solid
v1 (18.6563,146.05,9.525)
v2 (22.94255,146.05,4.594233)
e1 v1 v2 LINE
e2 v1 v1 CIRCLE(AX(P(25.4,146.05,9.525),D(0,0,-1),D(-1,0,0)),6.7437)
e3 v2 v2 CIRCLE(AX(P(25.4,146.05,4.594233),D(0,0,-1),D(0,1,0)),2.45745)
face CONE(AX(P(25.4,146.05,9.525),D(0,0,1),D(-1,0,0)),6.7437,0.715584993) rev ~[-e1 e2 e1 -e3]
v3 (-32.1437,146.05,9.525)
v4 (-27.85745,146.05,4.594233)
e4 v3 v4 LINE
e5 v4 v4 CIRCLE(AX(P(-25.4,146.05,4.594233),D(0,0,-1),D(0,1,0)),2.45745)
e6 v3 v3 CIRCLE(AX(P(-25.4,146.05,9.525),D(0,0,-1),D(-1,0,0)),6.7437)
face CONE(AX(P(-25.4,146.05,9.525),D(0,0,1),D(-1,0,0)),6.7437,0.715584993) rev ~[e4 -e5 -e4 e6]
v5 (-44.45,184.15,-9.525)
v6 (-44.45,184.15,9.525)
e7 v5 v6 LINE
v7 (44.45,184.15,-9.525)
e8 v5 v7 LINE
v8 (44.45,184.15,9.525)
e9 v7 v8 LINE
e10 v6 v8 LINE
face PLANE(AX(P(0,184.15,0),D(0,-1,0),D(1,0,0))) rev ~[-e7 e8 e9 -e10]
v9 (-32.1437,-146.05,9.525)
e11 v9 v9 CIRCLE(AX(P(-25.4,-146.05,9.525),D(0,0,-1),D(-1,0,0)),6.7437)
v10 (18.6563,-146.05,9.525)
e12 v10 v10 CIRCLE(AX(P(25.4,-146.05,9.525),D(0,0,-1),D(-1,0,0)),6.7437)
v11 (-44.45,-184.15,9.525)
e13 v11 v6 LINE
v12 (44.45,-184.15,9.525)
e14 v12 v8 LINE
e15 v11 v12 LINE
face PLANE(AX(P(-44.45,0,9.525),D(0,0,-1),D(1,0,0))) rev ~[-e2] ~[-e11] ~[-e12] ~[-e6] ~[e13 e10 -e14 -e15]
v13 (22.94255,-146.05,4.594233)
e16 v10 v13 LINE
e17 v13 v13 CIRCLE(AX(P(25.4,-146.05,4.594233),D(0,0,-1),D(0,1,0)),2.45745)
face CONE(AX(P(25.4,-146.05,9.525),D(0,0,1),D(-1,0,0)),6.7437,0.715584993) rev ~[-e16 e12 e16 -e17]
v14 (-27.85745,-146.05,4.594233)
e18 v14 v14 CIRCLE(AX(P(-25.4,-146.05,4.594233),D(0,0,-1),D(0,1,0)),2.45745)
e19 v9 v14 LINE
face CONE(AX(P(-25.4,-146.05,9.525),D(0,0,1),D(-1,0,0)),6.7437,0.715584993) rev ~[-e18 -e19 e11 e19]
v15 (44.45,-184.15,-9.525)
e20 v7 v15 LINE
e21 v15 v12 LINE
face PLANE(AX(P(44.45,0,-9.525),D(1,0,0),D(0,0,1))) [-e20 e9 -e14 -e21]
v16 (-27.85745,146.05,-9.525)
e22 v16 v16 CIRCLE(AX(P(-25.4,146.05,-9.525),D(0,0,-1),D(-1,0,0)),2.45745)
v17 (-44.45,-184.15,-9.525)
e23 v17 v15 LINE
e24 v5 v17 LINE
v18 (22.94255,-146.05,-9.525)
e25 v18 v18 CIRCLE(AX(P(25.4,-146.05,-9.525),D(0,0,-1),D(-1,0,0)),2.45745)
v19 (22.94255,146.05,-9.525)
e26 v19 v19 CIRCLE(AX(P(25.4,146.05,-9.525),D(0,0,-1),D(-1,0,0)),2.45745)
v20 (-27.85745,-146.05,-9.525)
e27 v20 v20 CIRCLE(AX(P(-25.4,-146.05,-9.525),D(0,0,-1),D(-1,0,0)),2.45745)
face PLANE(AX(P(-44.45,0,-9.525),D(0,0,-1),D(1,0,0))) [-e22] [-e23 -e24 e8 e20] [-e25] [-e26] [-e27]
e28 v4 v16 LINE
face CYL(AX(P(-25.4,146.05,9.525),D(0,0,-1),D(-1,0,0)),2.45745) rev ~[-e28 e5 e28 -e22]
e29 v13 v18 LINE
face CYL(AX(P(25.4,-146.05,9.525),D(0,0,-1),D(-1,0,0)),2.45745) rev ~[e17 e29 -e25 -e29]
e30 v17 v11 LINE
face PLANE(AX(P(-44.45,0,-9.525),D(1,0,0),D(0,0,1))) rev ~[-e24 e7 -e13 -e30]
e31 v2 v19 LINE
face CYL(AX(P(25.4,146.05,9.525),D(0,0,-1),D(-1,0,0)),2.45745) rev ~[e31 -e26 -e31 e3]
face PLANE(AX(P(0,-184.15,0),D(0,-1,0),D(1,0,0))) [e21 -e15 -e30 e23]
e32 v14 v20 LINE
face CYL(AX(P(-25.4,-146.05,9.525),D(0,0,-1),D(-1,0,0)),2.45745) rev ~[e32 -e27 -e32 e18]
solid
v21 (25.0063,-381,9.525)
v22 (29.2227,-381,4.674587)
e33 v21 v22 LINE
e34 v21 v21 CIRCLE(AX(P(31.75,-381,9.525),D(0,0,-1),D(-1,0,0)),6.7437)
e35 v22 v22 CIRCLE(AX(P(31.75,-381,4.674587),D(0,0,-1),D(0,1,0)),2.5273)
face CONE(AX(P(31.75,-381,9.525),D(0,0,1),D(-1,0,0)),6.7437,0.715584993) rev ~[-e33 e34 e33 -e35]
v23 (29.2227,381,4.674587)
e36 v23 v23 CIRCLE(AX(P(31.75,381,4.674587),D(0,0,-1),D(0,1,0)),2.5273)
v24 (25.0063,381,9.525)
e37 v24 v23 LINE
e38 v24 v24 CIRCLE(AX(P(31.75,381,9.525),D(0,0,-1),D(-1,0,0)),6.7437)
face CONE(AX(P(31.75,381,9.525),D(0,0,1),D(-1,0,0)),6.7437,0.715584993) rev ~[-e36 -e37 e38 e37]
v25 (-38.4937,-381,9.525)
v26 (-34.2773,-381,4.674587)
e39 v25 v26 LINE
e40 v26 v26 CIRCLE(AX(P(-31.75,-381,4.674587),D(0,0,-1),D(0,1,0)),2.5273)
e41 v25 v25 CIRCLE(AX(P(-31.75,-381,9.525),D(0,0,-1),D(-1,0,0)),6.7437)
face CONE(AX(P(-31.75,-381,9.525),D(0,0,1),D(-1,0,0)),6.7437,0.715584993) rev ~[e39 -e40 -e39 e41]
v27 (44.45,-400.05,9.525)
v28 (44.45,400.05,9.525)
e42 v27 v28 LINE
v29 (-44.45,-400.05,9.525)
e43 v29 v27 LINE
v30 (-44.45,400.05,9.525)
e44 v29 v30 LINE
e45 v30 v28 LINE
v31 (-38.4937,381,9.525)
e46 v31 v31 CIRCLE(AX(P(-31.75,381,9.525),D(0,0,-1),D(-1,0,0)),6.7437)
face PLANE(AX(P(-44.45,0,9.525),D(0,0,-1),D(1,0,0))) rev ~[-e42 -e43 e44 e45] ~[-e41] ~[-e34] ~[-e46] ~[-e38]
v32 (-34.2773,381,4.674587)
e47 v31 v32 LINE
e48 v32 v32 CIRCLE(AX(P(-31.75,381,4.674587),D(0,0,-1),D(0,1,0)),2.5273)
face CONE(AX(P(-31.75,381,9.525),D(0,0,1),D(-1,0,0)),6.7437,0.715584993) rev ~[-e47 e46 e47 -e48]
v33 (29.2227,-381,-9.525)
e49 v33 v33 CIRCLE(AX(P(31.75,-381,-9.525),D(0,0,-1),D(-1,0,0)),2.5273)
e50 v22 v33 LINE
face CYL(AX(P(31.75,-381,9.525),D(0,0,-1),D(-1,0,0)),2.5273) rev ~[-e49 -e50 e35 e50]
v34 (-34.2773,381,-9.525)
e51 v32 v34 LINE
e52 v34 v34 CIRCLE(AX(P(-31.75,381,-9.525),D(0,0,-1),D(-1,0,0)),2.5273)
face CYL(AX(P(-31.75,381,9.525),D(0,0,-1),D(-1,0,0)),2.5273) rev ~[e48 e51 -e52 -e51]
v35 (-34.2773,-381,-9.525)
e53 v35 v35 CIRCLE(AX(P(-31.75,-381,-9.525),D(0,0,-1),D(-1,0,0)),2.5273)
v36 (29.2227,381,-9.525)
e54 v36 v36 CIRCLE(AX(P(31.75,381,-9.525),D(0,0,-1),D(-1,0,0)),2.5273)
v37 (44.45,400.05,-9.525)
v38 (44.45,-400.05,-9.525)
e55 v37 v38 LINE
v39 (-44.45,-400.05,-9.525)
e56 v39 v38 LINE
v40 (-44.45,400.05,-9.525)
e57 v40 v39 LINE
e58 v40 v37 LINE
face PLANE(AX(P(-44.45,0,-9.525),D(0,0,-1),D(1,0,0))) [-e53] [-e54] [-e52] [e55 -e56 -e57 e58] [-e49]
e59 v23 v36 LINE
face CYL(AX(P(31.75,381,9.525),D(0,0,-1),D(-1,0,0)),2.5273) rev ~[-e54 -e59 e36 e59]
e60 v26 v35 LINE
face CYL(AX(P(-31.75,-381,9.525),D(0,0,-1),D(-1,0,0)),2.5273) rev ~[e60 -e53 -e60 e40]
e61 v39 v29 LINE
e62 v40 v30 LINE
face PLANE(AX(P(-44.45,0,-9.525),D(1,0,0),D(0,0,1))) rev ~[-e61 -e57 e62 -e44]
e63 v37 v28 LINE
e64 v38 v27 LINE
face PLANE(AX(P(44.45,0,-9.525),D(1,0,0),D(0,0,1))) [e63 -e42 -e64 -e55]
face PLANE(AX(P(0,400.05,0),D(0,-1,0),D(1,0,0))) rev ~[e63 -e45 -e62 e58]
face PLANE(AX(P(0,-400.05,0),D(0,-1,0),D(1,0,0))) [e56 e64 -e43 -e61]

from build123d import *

# Parameters (mm, degrees)
F0_W           = 88.9
F0_H           = 19.05
F1_DEPTH       = 184.15
F3_D           = 4.9149
F3_CSINK_D     = 13.4874
F3_CSINK_ANGLE = 82
F4_DEPTH       = 400.05
F6_D           = 5.0546
F6_CSINK_D     = 13.4874
F6_CSINK_ANGLE = 82


with BuildPart() as f1:
    # F0 (on Front) → F1 (new body, symmetric)
    with BuildSketch(Plane.XZ):
        Rectangle(F0_W, F0_H)
    extrude(amount=F1_DEPTH, both=True)

    # F3 (through all)
    with Locations(Plane.XY.offset(9.525)):
        with Locations((-25.4, -146.05), (25.4, -146.05), (-25.4, 146.05), (25.4, 146.05)):
            CounterSinkHole(F3_D / 2, F3_CSINK_D / 2, counter_sink_angle=F3_CSINK_ANGLE)


with BuildPart() as f4:
    # F0 (on Front) → F4 (new body, symmetric)
    with BuildSketch(Plane.XZ):
        Rectangle(F0_W, F0_H)
    extrude(amount=F4_DEPTH, both=True)

    # F6 (through all)
    with Locations(Plane.XY.offset(9.525)):
        with Locations((-31.75, -381), (31.75, -381), (-31.75, 381), (31.75, 381)):
            CounterSinkHole(F6_D / 2, F6_CSINK_D / 2, counter_sink_angle=F6_CSINK_ANGLE)


solid = Compound([f1.part, f4.part])
